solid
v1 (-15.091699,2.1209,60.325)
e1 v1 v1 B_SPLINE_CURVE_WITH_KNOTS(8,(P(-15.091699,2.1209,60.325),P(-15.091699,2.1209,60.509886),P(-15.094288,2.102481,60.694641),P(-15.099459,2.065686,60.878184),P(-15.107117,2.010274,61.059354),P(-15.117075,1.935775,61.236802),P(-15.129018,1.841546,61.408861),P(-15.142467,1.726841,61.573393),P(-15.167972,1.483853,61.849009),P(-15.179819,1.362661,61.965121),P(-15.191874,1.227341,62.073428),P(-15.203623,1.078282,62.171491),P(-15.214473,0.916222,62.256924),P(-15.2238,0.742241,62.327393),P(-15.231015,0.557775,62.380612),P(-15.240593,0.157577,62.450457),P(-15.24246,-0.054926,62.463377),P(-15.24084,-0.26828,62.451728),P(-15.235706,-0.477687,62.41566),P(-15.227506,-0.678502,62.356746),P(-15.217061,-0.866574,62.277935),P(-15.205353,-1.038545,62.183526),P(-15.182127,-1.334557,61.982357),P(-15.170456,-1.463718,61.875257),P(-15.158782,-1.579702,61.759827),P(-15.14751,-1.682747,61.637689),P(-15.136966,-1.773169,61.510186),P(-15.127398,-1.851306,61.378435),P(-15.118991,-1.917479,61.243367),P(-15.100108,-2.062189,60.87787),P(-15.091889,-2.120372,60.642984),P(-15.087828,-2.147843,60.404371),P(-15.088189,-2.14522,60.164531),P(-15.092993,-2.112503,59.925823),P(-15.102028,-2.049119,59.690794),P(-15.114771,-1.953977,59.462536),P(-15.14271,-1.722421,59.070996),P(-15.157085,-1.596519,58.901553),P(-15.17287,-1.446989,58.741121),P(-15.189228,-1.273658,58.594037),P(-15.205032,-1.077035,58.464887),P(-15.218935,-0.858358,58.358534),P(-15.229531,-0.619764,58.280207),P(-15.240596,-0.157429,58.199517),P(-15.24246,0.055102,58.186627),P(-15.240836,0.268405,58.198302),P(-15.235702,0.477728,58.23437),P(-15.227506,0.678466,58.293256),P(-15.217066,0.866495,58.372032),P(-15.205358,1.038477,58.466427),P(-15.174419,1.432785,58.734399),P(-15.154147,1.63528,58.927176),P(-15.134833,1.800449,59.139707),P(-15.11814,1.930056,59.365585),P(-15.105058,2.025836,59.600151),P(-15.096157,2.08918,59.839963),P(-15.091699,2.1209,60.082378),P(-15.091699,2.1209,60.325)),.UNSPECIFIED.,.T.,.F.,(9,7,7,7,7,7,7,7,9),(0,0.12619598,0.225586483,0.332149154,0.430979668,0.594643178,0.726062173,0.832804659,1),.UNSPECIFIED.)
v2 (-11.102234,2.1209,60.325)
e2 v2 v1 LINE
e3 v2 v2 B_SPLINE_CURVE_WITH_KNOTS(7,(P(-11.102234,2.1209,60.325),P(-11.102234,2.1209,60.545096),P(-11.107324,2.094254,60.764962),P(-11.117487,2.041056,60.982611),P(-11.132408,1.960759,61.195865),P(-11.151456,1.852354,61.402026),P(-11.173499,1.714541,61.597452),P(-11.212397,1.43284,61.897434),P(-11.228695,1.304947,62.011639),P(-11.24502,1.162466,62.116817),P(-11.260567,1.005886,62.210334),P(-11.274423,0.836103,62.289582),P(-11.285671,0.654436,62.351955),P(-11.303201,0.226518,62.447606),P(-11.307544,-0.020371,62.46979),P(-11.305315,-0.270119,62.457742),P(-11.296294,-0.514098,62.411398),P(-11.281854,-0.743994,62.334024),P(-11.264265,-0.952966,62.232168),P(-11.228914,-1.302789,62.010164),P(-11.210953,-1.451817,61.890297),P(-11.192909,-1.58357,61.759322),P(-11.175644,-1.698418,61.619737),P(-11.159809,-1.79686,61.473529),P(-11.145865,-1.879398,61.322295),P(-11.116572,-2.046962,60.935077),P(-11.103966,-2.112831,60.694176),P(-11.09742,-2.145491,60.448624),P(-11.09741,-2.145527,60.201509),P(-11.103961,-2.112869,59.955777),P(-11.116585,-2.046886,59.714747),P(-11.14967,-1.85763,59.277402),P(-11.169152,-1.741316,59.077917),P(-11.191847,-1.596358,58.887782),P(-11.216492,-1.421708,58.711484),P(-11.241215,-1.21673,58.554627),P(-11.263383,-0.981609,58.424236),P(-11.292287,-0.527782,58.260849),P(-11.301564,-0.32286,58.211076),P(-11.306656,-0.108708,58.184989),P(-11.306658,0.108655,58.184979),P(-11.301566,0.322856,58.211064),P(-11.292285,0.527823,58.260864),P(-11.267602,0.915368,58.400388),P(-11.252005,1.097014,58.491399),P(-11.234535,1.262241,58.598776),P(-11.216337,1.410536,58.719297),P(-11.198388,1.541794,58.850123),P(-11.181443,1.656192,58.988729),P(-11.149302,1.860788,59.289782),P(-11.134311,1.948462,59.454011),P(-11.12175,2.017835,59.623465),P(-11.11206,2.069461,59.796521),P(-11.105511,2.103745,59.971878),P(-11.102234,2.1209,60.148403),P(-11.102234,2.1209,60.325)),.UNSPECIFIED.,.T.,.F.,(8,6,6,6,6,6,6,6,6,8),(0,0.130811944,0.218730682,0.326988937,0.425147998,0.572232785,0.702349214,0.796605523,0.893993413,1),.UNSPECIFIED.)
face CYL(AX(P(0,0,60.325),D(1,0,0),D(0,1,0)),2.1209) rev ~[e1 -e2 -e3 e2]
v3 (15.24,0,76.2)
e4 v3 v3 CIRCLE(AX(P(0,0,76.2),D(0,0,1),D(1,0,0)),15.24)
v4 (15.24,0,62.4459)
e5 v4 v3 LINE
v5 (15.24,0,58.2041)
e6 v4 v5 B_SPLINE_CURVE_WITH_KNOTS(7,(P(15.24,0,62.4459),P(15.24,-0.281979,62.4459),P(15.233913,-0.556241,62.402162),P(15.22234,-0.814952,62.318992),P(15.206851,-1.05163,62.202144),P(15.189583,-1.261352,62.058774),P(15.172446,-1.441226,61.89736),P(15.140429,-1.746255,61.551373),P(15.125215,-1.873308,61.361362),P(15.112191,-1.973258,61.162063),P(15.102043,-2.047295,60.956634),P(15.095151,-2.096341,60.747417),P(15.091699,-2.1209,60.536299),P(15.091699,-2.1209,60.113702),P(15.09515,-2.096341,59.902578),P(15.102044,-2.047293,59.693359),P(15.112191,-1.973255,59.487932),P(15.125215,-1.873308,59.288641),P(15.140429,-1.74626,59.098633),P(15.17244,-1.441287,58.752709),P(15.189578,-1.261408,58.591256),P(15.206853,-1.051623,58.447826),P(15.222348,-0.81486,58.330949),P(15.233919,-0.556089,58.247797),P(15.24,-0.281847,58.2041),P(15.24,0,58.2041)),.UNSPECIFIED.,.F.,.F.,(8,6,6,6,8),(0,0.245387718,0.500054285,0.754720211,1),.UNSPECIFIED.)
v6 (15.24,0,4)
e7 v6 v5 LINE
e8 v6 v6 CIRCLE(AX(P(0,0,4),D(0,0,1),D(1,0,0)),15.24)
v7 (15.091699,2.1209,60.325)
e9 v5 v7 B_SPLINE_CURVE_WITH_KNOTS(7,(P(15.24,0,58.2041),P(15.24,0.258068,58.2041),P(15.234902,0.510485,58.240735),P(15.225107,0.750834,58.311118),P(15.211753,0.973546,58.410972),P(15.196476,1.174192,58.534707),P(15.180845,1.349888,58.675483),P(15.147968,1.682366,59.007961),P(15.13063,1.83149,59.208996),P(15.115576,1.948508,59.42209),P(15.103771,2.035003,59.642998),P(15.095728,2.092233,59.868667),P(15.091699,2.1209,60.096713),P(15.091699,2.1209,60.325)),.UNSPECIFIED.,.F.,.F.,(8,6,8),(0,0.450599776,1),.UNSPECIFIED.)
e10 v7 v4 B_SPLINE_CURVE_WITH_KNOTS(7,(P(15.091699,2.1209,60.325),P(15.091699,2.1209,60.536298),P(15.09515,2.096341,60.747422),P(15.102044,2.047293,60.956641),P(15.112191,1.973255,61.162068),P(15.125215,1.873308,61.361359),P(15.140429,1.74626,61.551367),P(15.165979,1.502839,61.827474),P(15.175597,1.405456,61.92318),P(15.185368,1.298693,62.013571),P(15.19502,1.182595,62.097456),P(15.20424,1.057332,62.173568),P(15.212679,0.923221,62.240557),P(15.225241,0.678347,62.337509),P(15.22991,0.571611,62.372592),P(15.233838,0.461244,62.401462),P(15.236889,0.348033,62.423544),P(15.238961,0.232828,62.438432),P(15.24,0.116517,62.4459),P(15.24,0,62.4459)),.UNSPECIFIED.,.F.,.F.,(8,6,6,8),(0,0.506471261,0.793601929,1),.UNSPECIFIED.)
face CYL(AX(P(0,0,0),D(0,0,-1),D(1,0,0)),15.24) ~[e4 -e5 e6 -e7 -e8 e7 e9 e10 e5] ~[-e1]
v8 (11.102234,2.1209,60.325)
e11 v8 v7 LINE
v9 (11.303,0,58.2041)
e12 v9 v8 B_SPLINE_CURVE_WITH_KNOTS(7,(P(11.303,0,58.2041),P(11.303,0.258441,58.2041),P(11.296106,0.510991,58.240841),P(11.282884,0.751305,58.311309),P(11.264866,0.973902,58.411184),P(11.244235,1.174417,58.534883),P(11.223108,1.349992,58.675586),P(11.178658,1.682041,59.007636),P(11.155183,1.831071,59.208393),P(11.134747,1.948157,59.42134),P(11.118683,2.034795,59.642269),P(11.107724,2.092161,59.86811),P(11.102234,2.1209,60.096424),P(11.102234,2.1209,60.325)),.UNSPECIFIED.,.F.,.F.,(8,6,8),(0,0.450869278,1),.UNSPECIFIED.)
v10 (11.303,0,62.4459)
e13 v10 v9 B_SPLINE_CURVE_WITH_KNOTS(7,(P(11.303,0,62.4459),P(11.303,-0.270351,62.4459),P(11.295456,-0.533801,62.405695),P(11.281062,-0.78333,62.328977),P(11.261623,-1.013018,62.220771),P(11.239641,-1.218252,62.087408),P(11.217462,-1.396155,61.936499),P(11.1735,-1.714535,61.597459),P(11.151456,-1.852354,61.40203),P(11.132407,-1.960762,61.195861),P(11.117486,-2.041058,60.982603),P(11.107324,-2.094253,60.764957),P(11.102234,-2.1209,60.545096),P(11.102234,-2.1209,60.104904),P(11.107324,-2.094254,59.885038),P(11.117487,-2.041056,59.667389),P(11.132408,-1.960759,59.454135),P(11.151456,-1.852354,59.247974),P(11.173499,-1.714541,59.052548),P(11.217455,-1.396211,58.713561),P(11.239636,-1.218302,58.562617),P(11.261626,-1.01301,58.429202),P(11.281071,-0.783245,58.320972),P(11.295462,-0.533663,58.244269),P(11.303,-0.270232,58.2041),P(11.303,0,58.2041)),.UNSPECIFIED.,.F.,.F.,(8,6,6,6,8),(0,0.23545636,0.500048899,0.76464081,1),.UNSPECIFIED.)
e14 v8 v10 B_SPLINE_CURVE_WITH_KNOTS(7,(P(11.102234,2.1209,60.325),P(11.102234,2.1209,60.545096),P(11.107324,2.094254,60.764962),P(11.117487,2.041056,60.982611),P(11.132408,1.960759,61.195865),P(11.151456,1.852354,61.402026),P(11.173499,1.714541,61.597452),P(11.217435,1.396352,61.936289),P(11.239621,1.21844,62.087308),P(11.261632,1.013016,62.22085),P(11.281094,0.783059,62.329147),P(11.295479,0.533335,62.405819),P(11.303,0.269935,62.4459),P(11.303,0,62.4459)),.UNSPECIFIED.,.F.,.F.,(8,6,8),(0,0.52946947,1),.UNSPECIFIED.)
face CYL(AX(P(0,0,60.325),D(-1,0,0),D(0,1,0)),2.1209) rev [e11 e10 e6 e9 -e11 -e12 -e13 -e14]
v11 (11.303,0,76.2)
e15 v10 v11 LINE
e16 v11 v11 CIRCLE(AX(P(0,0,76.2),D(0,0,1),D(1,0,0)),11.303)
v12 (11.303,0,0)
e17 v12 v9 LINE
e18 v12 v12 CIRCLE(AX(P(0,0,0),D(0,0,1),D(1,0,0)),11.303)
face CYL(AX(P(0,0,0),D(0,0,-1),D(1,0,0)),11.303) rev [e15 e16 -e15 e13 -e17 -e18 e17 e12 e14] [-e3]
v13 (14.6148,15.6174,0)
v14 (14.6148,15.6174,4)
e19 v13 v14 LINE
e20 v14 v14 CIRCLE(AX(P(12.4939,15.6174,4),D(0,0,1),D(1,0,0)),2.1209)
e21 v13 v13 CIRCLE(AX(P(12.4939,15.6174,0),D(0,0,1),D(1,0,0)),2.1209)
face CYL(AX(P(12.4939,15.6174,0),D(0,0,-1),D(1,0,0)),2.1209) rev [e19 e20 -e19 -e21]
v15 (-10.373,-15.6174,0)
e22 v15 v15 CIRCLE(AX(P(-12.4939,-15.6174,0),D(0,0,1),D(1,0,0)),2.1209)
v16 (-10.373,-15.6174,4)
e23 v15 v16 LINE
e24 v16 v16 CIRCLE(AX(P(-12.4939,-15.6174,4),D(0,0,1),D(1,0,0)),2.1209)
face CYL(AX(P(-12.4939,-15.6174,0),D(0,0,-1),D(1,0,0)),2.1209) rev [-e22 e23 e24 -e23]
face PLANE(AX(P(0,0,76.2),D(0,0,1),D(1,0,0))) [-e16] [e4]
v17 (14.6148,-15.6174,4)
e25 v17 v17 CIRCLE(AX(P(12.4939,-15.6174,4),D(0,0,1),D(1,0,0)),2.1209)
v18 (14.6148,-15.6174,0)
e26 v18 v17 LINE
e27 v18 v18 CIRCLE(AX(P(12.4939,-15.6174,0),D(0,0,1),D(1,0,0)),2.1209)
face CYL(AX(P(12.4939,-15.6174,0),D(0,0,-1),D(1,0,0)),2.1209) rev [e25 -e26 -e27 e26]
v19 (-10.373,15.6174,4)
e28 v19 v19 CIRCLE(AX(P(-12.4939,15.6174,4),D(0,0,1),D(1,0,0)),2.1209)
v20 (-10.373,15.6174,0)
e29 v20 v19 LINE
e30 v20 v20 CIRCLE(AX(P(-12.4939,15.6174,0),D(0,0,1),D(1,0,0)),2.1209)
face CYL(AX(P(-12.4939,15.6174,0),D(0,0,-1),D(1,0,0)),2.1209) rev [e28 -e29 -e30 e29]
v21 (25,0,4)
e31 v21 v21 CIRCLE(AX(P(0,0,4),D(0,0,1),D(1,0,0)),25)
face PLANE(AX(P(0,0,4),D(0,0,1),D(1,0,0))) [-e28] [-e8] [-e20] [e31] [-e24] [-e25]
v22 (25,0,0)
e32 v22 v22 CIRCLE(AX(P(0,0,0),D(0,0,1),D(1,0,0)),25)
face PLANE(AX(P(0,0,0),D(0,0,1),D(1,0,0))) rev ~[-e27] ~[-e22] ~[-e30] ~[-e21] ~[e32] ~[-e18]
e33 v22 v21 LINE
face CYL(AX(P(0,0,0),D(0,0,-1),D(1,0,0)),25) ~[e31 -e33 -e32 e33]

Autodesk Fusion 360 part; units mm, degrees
sketch "Sketch1" plane through (0, 0, 0) normal (0, 0, 1) x (1, 0, 0)
  circle A0 centre (0, 0) radius 11.303
  circle A1 centre (0, 0) radius 25
  circle A2 centre (0, 0) radius 15.24
  circle A3 centre (-12.4939, 15.6174) radius 2.1209
  line L0 (0, 25) -> (0, -25) construction
  line L1 (-25, 0) -> (25, 0) construction
  line L2 (-25, 0) -> (25, 0) construction
  circle A4 centre (12.4939, 15.6174) radius 2.1209
  circle A5 centre (-12.4939, -15.6174) radius 2.1209
  circle A6 centre (12.4939, -15.6174) radius 2.1209
  dimension "d1" = 22.606
  dimension "d2" = 30.48
  dimension "d3" = 50
  dimension "d4" = 20
  dimension "d5" = 4.2418
extrude "Extrude1" add sketch "Sketch1" along normal blind 4 contours A1
extrude "Extrude2" add sketch "Sketch1" along normal blind 76.2 contours A2
sketch "Sketch2" plane through (0, 0, 0) normal (1, 0, 0) x (0, 1, 0)
  circle A0 centre (0, 60.325) radius 2.1209
  dimension "d10" = 4.2418
  dimension "d11" = 60.325
extrude "Extrude3" cut sketch "Sketch2" along normal through all and the other way through all
